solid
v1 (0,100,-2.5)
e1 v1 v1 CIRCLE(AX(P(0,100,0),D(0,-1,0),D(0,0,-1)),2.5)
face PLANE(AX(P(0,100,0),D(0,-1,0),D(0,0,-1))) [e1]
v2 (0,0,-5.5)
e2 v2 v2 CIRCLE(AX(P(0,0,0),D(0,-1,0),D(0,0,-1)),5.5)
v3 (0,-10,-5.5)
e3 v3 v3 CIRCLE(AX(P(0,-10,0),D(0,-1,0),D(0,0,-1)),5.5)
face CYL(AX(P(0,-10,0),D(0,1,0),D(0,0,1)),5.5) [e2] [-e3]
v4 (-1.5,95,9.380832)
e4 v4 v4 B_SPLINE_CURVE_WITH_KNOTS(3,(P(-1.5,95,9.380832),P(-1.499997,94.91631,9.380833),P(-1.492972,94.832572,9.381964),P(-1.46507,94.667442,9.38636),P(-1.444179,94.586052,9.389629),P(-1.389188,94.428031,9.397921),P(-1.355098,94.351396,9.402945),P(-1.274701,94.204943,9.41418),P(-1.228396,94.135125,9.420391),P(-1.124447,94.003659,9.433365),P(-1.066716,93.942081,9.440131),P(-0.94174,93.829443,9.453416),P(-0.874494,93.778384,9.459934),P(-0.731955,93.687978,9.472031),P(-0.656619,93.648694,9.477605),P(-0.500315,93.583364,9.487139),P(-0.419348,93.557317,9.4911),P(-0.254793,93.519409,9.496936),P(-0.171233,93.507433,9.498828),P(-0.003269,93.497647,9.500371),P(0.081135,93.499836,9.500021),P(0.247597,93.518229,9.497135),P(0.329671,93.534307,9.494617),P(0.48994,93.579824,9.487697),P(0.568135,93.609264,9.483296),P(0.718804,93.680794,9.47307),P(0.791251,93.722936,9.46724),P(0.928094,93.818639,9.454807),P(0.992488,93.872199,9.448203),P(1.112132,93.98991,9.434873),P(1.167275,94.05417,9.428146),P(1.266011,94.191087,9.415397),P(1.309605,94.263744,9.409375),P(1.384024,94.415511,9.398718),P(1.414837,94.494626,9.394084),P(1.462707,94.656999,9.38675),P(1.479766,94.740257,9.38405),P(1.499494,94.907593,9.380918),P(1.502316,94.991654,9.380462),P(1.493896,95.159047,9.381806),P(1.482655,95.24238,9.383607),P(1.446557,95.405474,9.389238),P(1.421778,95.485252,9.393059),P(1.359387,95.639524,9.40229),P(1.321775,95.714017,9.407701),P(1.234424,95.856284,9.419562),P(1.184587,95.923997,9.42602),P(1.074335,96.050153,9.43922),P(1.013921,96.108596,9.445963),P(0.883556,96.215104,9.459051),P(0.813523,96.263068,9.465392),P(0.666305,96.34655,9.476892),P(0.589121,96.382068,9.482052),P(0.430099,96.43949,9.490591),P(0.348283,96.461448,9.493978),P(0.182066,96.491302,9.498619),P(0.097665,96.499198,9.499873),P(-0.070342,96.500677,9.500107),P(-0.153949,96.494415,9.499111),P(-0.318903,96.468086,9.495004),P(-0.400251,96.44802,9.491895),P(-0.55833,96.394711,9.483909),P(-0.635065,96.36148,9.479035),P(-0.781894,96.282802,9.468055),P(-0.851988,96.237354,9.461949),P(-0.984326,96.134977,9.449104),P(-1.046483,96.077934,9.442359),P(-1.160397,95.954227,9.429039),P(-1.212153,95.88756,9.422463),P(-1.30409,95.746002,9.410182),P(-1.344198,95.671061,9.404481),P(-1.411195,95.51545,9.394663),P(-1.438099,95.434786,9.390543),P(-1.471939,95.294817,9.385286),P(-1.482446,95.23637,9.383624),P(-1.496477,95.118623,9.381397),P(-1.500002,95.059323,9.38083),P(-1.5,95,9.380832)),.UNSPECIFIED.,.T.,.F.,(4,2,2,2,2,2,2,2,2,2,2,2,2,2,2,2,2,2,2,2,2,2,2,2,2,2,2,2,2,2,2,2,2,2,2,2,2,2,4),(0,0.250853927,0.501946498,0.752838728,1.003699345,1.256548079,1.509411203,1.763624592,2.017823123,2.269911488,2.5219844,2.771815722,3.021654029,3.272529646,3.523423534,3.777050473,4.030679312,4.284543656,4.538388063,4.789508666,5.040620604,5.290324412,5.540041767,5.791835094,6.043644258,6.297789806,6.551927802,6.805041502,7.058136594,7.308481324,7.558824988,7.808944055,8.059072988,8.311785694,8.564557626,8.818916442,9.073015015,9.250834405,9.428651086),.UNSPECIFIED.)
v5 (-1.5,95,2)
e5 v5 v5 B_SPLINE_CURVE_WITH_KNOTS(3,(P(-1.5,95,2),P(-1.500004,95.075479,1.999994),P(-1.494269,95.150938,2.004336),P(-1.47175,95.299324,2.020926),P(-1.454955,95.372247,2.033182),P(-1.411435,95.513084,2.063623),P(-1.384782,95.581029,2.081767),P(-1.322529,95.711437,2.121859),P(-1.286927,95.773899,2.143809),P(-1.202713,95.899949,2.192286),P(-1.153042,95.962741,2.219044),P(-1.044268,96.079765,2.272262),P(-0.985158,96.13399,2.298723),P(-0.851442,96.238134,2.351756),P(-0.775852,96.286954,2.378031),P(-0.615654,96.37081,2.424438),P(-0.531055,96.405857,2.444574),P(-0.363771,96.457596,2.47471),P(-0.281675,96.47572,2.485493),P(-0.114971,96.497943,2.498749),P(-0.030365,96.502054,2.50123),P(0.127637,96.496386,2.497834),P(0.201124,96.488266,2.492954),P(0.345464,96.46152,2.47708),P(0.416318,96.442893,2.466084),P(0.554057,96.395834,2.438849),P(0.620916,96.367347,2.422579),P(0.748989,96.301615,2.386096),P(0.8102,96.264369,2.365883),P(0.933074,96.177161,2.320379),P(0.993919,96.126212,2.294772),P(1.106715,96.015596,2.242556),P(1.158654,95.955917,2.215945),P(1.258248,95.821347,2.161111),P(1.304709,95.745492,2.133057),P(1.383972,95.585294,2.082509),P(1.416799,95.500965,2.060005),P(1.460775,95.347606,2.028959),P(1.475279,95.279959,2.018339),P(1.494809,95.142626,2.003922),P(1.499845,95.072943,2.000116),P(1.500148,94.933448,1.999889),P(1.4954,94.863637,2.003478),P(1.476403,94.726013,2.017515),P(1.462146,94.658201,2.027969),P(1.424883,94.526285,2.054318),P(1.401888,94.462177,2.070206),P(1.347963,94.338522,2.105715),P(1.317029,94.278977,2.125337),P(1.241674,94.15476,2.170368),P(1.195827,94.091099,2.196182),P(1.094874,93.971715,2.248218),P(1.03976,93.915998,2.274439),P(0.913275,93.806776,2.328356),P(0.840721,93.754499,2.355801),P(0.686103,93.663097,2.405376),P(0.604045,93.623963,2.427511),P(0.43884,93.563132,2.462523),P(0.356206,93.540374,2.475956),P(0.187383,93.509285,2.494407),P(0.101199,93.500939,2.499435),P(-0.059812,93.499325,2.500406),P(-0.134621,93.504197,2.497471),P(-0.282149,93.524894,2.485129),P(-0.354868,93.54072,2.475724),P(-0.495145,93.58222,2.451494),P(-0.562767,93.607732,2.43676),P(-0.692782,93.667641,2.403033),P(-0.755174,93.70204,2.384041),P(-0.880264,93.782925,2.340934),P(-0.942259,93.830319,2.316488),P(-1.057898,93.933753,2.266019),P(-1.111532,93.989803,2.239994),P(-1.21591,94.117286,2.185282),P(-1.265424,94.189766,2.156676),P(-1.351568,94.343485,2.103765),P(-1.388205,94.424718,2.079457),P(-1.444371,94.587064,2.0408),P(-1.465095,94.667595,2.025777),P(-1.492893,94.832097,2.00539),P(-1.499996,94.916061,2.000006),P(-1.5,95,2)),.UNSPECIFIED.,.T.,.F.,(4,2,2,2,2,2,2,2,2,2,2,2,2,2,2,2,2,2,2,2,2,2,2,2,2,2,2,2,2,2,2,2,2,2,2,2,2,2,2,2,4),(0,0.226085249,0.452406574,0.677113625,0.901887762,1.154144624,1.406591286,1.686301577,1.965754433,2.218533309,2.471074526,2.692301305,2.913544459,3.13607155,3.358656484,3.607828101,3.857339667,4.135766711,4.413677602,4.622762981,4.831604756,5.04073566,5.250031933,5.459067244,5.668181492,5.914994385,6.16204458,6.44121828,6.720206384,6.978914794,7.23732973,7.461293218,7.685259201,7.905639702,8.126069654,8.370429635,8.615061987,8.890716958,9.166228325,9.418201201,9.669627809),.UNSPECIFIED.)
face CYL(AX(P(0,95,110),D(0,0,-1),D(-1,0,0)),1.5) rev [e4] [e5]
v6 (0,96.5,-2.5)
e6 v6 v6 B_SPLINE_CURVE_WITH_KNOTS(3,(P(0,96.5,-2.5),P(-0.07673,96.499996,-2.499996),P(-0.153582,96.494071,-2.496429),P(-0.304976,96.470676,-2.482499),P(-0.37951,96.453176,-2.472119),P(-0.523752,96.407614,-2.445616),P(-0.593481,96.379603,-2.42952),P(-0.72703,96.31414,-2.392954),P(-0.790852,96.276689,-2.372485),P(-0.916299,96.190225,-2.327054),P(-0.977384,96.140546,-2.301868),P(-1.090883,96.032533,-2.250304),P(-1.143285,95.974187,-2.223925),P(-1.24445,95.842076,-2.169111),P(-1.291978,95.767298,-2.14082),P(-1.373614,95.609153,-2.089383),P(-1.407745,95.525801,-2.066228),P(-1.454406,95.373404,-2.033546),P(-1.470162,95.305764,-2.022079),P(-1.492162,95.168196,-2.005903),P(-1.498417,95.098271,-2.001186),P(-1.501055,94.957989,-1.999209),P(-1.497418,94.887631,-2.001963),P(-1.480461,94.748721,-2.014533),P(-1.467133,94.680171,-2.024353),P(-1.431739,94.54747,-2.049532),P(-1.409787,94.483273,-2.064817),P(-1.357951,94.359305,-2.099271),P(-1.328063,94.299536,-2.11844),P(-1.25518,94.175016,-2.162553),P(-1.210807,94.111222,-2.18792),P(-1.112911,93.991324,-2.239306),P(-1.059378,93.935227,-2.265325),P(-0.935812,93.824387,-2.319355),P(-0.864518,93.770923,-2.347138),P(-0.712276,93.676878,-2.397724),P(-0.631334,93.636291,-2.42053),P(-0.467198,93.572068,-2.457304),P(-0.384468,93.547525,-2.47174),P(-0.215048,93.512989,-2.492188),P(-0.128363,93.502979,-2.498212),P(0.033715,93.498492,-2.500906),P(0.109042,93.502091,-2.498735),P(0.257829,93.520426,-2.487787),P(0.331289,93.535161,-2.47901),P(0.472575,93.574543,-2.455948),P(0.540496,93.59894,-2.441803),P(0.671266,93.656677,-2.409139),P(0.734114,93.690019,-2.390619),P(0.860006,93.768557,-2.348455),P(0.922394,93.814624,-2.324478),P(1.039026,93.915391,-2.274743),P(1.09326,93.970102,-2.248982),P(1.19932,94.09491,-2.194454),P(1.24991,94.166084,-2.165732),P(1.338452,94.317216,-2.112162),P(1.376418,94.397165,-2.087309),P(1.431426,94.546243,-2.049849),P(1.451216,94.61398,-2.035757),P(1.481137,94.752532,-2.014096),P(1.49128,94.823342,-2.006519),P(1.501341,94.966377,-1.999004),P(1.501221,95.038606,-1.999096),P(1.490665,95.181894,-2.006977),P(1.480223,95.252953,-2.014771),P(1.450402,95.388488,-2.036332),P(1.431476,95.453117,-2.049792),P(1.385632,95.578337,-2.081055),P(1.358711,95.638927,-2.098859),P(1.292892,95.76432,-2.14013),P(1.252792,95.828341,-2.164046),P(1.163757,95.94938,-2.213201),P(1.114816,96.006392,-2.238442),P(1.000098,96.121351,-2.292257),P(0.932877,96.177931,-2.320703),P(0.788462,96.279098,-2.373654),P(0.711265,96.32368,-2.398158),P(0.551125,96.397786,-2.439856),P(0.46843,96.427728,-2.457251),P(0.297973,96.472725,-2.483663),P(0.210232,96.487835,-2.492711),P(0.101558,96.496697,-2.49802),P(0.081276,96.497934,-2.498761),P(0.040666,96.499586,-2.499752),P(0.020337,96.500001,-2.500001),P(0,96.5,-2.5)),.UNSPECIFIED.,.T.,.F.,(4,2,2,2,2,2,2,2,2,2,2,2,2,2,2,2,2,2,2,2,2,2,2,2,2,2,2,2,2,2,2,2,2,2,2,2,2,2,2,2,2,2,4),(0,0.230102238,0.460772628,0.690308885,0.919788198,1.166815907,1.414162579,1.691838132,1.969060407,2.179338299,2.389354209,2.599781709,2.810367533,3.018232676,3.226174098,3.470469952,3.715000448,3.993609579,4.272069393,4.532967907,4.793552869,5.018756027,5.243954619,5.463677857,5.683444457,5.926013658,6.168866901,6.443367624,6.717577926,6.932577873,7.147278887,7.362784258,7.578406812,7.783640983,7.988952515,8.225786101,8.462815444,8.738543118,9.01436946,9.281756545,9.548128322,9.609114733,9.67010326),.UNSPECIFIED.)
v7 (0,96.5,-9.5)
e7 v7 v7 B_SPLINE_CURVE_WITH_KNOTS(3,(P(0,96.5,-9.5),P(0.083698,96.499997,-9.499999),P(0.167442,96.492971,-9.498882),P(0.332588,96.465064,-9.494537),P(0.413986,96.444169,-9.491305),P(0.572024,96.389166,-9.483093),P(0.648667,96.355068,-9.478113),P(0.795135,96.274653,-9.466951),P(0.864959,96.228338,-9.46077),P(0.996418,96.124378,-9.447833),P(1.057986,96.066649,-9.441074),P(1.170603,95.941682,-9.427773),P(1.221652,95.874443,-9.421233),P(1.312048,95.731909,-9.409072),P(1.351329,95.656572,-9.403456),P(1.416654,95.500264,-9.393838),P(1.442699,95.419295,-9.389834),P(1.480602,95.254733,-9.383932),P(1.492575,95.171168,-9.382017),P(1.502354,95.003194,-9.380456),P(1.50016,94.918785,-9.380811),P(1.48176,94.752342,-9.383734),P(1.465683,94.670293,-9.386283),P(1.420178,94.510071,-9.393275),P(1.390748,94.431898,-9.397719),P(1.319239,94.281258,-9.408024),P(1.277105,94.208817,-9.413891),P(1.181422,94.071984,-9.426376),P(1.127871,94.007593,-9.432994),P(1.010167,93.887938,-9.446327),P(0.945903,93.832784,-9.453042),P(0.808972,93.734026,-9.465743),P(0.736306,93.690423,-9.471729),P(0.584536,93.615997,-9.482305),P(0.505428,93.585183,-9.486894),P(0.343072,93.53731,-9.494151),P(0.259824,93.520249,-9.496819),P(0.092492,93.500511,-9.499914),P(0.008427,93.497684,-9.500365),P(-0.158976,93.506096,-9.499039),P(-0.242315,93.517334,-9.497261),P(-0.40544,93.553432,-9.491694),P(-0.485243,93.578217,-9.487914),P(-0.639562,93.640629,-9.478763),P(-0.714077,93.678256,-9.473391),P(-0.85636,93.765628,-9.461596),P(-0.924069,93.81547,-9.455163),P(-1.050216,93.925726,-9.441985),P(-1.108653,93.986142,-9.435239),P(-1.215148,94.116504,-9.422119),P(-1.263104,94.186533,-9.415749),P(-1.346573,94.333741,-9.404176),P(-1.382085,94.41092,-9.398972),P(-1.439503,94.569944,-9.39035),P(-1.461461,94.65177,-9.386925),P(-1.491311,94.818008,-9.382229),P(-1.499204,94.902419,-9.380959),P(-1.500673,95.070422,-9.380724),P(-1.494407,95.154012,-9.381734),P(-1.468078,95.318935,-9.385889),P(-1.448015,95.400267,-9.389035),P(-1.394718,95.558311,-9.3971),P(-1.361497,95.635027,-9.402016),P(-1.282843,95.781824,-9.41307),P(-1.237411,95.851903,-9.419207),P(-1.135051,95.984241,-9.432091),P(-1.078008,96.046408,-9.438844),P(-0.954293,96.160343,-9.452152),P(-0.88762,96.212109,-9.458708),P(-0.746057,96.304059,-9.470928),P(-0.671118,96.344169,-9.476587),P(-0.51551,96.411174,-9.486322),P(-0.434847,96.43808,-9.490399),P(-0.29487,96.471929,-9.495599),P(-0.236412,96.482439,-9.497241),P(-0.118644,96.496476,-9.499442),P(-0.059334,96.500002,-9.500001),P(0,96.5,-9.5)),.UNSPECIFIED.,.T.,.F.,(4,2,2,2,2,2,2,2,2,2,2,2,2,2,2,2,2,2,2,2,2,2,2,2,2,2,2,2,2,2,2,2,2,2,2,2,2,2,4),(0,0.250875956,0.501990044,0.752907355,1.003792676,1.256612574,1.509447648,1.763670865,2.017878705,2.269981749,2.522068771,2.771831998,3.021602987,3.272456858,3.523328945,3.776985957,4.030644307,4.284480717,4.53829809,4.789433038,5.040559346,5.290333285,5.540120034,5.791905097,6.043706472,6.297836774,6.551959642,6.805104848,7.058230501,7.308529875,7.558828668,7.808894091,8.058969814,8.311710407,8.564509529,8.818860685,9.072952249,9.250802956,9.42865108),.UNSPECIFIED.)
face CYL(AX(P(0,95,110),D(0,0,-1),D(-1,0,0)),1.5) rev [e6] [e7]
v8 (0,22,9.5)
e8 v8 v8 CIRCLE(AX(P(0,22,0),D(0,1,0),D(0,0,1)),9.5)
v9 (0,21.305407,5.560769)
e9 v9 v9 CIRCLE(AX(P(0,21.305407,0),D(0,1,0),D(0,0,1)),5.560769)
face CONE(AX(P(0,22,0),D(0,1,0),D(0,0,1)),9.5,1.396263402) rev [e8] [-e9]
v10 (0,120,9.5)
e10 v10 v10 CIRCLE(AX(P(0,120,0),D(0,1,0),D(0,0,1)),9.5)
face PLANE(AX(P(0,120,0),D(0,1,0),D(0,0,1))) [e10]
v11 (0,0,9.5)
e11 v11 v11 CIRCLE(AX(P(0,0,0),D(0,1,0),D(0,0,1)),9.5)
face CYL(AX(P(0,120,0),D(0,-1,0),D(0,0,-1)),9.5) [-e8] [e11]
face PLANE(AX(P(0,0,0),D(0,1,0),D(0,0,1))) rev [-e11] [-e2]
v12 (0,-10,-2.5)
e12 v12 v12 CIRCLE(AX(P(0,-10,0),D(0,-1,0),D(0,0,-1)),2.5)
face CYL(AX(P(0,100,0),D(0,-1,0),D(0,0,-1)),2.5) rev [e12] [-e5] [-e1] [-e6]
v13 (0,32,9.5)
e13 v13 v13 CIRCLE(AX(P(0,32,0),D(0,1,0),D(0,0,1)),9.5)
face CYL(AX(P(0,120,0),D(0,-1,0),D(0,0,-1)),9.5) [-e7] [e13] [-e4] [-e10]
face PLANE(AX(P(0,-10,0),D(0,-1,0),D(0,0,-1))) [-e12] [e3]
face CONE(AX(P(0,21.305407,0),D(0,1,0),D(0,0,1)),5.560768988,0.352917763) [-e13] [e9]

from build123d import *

# Parameters (mm, degrees)
CROQUIS1_R                 = 9.5
SALIENTE_EXTRUIR1_DEPTH    = 120
CROQUIS3_R                 = 5.5
SALIENTE_EXTRUIR2_DEPTH    = 10
CROQUIS4_R                 = 2.5
CORTAR_EXTRUIR1_DEPTH      = 110
CORTAR_EXTRUIR2_DEPTH      = 110
CORTAR_EXTRUIR2_DEPTH_BACK = 110
CROQUIS5_R                 = 1.5


with BuildPart() as part:
    # Croquis1 → Saliente-Extruir1 (new body)
    with BuildSketch(Plane(origin=(0, 0, 0), x_dir=(1, 0, 0), z_dir=(0, 1, 0))):
        Circle(CROQUIS1_R)
    extrude(amount=SALIENTE_EXTRUIR1_DEPTH)

    # Croquis2 → Cortar-Revolución1 (revolve, cut)
    with BuildSketch(Plane.XY):
        Polygon((-9.5, 22), (-9.5, 32), (-5.560768988, 21.305407289), align=None)
    revolve(axis=Axis((0, 120, 0), (0, -1, 0)), mode=Mode.SUBTRACT)

    # Croquis3 → Saliente-Extruir2 (add)
    with BuildSketch(Plane.XZ):
        Circle(CROQUIS3_R)
    extrude(amount=SALIENTE_EXTRUIR2_DEPTH)

    # Croquis4 → Cortar-Extruir1 (cut)
    with BuildSketch(Plane.XZ.offset(10)):
        Circle(CROQUIS4_R)
    extrude(amount=-CORTAR_EXTRUIR1_DEPTH, mode=Mode.SUBTRACT)

    # Croquis5 → Cortar-Extruir2 (cut, two sides: drawn at the far end of the back side and taken through both)
    with BuildSketch(Plane.XY.offset(-CORTAR_EXTRUIR2_DEPTH_BACK)):
        with Locations((0, 95)):
            Circle(CROQUIS5_R)
    extrude(amount=CORTAR_EXTRUIR2_DEPTH + CORTAR_EXTRUIR2_DEPTH_BACK, mode=Mode.SUBTRACT)


solid = part.part
